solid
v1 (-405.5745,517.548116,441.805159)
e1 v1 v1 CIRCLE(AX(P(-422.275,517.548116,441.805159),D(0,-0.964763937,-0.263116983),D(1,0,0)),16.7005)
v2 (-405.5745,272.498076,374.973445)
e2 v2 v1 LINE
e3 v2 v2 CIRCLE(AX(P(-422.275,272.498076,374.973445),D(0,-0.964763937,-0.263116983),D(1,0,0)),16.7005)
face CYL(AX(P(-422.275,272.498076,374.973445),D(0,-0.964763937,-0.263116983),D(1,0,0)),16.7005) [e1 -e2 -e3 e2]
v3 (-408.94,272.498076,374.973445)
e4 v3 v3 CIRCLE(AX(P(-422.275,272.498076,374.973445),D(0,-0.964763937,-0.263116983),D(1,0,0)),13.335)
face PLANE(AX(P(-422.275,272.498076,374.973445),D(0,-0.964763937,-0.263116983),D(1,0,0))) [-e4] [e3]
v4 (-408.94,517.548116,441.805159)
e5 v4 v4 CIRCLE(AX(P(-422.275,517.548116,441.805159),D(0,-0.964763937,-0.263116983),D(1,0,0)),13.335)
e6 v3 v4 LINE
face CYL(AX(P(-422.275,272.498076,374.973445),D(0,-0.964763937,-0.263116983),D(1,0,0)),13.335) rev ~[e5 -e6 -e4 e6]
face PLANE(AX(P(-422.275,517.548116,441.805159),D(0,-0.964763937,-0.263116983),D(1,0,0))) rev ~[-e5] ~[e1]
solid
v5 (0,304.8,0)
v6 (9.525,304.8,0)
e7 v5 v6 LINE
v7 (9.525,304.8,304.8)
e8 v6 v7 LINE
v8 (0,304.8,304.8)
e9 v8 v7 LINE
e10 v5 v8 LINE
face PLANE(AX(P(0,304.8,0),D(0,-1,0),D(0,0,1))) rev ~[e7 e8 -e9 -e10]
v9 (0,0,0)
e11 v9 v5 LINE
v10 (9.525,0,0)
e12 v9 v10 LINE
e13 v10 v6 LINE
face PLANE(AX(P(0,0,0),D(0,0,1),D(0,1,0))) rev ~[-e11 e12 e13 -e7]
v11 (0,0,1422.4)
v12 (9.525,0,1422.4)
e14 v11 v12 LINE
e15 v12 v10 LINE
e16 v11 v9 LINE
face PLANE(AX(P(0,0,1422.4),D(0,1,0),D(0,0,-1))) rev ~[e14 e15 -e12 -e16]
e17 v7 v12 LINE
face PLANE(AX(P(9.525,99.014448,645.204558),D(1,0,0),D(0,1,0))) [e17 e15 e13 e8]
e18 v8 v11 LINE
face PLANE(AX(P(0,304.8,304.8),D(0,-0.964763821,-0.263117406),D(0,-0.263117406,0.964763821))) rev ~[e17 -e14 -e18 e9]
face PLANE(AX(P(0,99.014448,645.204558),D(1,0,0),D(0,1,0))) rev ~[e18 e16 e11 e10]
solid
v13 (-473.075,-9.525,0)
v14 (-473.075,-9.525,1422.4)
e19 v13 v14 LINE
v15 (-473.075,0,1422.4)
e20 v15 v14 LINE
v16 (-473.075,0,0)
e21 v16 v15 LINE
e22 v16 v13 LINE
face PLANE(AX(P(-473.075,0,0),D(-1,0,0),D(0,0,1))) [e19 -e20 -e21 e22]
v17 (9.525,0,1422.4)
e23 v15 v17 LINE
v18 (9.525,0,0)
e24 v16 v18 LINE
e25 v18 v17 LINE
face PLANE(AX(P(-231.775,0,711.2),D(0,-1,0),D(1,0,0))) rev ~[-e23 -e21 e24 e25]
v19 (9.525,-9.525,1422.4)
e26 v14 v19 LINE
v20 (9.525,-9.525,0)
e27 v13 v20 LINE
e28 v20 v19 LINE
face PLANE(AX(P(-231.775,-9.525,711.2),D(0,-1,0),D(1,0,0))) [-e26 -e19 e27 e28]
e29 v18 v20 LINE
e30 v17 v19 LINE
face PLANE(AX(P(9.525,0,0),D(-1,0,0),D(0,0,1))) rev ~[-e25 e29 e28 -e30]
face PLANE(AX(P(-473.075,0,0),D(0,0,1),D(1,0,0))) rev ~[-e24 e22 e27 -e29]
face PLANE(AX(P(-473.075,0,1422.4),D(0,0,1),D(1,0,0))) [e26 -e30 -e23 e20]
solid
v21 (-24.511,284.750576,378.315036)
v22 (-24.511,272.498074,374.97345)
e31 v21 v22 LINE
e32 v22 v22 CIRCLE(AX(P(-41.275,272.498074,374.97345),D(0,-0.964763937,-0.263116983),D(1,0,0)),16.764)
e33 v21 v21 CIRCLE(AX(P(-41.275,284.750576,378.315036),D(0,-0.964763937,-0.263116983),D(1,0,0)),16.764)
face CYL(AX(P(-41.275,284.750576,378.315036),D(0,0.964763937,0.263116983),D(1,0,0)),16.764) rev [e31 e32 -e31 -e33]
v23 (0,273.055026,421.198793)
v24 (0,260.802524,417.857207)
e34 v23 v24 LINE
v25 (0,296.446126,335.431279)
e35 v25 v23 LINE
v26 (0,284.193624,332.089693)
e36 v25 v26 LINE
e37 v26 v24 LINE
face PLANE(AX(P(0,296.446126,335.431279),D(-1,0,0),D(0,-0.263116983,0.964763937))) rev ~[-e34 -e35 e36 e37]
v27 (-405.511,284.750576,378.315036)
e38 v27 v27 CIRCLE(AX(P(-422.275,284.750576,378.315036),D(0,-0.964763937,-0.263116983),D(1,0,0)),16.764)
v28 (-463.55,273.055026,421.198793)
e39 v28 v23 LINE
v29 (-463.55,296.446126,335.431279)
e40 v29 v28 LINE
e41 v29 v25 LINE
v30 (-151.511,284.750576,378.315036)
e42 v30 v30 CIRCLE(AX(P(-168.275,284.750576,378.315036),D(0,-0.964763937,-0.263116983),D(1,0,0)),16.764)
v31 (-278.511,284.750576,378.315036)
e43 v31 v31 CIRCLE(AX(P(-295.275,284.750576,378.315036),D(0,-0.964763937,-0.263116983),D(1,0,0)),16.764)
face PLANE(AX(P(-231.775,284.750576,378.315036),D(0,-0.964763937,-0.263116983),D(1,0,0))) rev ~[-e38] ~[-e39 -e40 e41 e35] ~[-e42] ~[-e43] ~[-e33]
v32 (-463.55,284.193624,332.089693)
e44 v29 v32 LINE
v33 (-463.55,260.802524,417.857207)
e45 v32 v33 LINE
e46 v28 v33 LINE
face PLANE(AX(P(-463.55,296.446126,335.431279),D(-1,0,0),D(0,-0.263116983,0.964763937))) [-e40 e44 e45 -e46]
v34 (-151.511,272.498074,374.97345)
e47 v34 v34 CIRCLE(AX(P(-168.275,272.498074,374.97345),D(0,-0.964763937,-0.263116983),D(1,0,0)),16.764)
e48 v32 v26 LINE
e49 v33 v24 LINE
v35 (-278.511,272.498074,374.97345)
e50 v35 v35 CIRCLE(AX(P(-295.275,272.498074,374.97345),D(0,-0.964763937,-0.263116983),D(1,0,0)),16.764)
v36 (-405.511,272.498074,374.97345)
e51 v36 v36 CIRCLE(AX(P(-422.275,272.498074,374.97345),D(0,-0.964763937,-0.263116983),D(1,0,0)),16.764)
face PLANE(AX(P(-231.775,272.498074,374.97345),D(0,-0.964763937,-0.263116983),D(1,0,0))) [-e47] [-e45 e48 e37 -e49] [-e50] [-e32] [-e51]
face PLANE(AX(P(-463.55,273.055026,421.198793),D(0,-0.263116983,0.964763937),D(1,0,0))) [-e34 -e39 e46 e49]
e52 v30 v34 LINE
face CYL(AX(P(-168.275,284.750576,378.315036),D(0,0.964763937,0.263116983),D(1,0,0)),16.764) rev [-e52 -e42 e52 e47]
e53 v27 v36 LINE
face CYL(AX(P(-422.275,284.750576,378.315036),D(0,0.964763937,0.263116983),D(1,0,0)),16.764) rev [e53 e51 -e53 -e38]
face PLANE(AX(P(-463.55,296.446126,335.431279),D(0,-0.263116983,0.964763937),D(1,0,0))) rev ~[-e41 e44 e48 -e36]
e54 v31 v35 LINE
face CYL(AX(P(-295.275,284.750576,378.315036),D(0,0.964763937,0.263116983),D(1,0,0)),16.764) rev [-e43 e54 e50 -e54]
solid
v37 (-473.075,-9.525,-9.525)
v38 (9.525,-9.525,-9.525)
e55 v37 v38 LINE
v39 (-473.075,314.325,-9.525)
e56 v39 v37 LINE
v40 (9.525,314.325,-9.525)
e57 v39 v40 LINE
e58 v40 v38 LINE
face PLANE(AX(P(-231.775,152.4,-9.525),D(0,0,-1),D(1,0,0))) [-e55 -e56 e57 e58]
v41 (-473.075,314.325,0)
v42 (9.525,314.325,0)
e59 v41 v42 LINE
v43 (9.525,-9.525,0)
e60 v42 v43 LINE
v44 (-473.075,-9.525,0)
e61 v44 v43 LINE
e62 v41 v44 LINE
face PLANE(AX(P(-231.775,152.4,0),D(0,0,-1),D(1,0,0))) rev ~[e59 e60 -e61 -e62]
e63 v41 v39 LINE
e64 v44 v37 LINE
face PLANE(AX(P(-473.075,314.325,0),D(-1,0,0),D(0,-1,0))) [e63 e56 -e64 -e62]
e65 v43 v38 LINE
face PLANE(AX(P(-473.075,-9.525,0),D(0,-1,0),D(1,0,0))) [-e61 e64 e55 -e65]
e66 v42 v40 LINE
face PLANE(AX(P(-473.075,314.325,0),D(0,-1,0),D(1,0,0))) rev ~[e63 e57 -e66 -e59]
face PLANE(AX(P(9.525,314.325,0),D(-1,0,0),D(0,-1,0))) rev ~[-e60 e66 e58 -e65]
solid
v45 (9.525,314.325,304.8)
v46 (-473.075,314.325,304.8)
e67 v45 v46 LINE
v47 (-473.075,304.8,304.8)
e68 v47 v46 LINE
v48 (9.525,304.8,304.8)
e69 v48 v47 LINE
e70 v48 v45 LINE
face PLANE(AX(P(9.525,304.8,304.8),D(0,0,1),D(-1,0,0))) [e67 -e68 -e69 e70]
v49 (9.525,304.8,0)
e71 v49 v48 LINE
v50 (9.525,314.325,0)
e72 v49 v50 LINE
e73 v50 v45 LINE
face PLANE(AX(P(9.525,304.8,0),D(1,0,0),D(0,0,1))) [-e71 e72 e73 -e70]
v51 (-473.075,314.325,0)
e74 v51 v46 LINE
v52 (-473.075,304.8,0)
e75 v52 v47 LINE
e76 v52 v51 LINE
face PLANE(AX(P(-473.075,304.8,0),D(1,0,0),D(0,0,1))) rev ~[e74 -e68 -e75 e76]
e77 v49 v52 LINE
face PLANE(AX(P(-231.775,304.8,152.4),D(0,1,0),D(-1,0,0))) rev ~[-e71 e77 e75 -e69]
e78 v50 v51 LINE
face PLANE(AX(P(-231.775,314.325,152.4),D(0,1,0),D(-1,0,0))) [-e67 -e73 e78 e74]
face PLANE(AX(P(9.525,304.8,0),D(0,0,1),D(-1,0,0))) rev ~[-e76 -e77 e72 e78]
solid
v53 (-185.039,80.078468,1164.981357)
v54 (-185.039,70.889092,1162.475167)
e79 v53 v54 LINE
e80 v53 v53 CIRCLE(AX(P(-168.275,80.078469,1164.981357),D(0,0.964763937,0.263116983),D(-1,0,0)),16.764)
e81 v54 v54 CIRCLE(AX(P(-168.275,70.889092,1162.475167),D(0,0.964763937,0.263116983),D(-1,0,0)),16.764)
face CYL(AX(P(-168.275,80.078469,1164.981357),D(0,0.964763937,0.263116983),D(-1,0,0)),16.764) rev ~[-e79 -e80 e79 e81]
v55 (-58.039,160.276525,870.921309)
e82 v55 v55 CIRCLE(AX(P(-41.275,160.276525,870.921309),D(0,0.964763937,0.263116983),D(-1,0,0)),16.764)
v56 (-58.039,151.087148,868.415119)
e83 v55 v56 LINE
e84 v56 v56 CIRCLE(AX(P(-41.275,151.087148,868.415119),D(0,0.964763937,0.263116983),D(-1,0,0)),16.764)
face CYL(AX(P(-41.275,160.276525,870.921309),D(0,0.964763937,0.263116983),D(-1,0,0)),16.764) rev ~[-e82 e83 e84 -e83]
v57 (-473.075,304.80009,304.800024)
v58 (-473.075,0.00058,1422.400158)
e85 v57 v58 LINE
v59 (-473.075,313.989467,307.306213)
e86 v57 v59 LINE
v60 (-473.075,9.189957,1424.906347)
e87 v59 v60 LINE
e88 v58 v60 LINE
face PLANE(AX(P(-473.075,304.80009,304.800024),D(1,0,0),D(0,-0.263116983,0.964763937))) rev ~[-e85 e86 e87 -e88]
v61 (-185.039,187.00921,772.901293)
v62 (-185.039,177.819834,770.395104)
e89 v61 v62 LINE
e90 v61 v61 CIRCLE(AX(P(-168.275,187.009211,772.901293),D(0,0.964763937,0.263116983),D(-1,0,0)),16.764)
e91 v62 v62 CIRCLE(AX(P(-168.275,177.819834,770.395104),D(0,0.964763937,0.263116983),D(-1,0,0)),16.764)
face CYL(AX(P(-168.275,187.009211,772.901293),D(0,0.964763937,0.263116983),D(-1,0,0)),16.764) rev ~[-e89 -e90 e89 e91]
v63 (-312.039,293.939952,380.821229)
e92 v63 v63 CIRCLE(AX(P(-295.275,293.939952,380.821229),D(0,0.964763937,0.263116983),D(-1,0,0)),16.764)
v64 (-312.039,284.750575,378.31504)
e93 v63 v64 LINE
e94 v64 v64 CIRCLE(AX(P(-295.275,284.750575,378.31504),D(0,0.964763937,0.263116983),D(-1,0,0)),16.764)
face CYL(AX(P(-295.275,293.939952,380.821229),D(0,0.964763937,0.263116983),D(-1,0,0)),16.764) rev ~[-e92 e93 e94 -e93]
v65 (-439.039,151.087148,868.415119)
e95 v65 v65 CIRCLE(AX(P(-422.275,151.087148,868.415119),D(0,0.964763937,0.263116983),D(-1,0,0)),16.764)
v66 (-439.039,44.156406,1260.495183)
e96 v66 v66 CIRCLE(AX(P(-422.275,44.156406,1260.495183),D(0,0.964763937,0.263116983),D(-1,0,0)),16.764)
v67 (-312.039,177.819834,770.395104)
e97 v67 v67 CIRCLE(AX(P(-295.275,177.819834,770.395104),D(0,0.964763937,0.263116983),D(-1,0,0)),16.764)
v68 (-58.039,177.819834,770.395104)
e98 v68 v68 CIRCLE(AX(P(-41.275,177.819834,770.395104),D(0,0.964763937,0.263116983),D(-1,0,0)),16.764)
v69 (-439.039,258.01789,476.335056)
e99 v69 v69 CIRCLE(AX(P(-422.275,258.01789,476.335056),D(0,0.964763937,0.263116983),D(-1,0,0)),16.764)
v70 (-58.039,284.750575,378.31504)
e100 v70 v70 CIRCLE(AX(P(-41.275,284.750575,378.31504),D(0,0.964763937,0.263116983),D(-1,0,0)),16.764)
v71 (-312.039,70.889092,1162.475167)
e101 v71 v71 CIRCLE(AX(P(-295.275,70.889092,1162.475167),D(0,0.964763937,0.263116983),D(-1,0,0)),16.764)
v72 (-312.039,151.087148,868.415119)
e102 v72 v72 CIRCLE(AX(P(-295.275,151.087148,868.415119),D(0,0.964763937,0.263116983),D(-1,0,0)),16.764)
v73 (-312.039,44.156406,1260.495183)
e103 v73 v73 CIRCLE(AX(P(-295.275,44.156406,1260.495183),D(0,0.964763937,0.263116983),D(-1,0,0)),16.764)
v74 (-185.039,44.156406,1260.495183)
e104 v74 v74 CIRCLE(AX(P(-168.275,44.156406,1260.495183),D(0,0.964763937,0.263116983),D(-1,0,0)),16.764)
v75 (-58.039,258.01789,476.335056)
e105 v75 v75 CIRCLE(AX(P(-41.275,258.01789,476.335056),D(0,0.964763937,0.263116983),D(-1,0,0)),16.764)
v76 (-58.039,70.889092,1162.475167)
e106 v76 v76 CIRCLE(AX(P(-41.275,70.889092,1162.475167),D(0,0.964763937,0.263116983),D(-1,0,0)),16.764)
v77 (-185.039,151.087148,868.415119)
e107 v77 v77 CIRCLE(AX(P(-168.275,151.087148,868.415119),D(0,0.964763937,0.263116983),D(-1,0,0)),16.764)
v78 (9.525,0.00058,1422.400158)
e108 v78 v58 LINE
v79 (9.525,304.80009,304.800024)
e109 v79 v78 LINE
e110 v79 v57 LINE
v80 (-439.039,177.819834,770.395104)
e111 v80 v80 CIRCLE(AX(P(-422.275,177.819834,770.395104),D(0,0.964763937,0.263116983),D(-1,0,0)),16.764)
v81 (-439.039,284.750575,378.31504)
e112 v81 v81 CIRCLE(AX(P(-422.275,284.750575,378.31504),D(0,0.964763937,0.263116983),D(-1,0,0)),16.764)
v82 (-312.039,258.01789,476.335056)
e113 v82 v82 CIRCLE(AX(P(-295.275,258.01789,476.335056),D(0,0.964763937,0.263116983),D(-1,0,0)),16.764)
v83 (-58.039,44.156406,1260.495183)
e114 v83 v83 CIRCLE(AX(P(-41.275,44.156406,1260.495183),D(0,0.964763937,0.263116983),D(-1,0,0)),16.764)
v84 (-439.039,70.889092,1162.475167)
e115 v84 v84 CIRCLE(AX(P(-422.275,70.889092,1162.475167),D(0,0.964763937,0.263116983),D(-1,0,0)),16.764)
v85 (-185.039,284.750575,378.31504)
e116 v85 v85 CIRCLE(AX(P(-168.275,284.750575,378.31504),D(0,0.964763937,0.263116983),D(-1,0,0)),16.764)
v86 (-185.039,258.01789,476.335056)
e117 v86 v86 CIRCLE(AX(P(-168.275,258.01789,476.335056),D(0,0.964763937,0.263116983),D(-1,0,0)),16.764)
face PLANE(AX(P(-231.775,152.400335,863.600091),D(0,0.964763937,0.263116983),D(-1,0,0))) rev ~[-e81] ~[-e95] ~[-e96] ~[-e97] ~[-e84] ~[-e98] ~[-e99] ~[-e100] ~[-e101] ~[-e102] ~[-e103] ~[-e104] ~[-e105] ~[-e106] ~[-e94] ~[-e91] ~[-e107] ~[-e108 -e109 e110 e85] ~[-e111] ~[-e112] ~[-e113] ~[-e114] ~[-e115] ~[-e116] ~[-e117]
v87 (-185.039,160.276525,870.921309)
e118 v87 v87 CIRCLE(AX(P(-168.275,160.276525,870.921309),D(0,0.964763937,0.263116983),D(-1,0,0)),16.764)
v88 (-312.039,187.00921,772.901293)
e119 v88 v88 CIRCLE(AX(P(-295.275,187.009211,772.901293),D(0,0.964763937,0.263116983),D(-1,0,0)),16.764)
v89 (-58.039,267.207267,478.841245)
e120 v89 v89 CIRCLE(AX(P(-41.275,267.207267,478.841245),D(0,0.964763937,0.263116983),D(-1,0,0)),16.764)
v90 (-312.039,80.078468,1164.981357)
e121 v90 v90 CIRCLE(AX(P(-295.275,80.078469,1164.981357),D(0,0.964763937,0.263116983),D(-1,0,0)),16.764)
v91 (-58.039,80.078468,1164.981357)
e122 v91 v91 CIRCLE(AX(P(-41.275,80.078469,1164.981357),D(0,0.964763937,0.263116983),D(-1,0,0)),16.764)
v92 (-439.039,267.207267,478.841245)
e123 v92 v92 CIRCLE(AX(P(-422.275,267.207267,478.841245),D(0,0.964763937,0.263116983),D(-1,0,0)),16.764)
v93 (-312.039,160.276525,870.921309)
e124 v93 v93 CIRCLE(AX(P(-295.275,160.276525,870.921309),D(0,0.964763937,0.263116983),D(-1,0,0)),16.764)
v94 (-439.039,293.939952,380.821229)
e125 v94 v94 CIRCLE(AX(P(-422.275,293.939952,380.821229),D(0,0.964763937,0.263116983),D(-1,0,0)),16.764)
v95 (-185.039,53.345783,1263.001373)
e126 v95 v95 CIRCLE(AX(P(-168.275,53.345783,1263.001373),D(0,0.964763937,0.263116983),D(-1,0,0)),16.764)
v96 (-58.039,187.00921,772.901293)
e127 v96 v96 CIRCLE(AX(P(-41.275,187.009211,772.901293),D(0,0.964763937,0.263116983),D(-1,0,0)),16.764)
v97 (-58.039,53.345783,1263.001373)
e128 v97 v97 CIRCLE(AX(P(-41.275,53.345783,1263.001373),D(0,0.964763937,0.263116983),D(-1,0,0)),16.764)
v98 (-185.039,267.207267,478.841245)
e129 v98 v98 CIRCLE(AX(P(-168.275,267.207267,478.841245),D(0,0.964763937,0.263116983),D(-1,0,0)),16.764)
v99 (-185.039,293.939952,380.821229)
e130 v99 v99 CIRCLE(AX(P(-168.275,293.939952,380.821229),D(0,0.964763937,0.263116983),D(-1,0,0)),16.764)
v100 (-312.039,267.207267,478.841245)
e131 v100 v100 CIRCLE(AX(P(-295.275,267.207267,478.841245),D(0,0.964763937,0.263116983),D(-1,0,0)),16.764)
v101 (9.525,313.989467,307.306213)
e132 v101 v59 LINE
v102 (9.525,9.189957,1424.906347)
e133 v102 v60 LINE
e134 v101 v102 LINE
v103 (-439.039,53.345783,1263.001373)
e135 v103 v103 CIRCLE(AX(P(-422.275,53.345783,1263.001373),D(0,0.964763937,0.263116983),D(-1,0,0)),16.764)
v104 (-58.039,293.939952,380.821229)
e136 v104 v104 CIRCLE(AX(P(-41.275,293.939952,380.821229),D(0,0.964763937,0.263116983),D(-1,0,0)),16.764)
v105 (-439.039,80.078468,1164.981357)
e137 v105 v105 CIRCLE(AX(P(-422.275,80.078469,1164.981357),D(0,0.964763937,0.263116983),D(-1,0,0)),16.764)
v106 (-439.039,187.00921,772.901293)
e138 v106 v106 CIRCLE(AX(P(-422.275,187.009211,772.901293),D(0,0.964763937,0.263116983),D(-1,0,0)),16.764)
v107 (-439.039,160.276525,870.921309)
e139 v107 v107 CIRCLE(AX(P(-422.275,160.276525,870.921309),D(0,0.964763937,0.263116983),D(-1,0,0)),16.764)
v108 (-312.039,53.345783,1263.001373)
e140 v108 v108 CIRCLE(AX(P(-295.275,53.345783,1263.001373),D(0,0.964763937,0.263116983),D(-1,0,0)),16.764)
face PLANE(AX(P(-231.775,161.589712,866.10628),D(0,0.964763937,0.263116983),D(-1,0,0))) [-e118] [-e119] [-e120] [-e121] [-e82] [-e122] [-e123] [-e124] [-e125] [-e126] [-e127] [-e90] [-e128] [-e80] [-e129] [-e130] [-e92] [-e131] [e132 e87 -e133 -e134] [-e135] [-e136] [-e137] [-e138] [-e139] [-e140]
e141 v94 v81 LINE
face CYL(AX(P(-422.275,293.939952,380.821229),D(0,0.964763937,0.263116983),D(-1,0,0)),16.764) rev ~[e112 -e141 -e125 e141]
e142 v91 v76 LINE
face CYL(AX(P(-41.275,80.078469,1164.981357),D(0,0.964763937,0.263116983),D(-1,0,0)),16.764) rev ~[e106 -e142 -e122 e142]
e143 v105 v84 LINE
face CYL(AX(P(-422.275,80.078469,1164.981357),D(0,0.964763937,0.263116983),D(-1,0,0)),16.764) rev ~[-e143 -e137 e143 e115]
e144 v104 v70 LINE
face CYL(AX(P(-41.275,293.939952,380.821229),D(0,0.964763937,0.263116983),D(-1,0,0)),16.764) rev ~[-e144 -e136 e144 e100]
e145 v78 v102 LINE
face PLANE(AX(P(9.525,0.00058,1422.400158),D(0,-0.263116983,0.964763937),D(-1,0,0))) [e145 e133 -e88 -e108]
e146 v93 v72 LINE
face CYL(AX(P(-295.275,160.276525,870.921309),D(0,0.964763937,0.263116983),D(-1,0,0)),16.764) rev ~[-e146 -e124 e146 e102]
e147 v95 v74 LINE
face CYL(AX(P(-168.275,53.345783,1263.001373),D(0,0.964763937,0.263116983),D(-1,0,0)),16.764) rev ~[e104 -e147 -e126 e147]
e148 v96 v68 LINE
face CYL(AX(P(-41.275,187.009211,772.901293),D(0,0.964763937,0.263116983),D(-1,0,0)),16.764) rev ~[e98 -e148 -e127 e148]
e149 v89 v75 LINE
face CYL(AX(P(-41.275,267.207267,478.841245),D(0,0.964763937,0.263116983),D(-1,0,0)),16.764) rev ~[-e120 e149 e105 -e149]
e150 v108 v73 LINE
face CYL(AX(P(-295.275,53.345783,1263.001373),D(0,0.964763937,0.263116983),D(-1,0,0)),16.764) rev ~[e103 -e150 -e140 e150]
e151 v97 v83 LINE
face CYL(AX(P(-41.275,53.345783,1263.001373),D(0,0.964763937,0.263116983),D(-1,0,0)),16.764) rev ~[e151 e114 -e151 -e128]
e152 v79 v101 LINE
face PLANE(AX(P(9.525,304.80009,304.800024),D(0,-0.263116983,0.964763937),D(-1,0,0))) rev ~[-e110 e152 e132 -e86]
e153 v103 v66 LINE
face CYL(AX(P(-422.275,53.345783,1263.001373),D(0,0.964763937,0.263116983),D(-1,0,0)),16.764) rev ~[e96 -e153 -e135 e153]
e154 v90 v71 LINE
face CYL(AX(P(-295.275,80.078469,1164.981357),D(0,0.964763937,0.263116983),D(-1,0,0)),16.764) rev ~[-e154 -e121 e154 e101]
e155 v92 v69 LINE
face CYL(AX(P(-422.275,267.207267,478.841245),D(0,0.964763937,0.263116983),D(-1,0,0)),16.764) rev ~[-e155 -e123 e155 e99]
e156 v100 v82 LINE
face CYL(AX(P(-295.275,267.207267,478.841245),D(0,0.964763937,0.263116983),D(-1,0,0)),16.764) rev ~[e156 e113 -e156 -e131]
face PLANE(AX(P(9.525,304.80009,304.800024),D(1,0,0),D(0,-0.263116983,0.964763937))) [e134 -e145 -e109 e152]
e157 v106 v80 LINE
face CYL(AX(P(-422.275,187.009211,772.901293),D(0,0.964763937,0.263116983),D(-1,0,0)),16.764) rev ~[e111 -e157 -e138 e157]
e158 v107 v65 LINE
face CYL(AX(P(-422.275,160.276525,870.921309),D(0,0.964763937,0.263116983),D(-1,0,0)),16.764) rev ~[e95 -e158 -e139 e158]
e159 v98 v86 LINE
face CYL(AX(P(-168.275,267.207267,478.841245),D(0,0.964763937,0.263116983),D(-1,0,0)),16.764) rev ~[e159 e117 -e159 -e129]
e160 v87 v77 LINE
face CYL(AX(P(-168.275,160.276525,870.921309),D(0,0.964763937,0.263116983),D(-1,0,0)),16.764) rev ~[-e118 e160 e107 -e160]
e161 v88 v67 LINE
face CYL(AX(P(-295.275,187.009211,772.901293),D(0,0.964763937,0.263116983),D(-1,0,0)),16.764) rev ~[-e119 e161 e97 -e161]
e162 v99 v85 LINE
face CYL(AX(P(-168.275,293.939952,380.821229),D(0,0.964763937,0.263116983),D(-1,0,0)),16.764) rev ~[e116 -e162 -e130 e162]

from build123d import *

# Parameters (mm, degrees)
F1_DEPTH  = 9.525
F2_W      = 482.6
F2_H      = 304.8
F3_DEPTH  = 9.525
F4_W      = 482.6
F4_H      = 1158.418232
F5_DEPTH  = 9.525
F6_W      = 482.6
F6_H      = 1422.4
F7_DEPTH  = 9.525
F8_W      = 482.6
F8_H      = 323.85
F9_DEPTH  = 9.525
F10_R     = 16.764
F11_DEPTH = 12.7
F12_W     = 463.55
F12_H     = 88.9
F12_R     = 16.764
F13_DEPTH = 12.7
F14_R     = 16.7005
F14_R_2   = 13.335
F15_DEPTH = 254


with BuildPart() as f1:
    # F0 (on Right) → F1 (new body)
    with BuildSketch(Plane.YZ):
        Polygon((0, 1422.4), (0, 0), (304.8, 0), (304.8, 304.8), align=None)
    extrude(amount=F1_DEPTH)


with BuildPart() as f3:
    # F2 (on face) → F3 (new body)
    with BuildSketch(Plane(origin=(0, 304.8, 0), x_dir=(-1, 0, 0), z_dir=(0, 1, 0))):
        with Locations((231.775, 152.4)):
            Rectangle(F2_W, F2_H)
    extrude(amount=F3_DEPTH)


with BuildPart() as f5:
    # F4 (on face) → F5 (new body)
    with BuildSketch(Plane(origin=(0, 361.070769, 98.473846), x_dir=(-1, 0, 0), z_dir=(0, 0.964764, 0.263117))):
        with Locations((231.775, 793.070943)):
            Rectangle(F4_W, F4_H)
    extrude(amount=F5_DEPTH)

    # F10 (on face) → F11 (cut)
    with BuildSketch(Plane(origin=(0, 370.260145, 100.980039), x_dir=(-1, 0, 0), z_dir=(0, 0.964764, 0.263117))):
        with Locations((41.275, 290.061827)):
            Circle(F10_R)
        with Locations((41.275, 391.661827)):
            Circle(F10_R)
        with Locations((168.275, 290.061827)):
            Circle(F10_R)
        with Locations((168.275, 391.661827)):
            Circle(F10_R)
        with Locations((295.275, 290.061827)):
            Circle(F10_R)
        with Locations((295.275, 391.661827)):
            Circle(F10_R)
        with Locations((422.275, 290.061827)):
            Circle(F10_R)
        with Locations((422.275, 391.661827)):
            Circle(F10_R)
        with Locations((422.275, 696.461827)):
            Circle(F10_R)
        with Locations((422.275, 798.061827)):
            Circle(F10_R)
        with Locations((168.275, 696.461827)):
            Circle(F10_R)
        with Locations((168.275, 798.061827)):
            Circle(F10_R)
        with Locations((295.275, 696.461827)):
            Circle(F10_R)
        with Locations((41.275, 798.061827)):
            Circle(F10_R)
        with Locations((41.275, 696.461827)):
            Circle(F10_R)
        with Locations((295.275, 798.061827)):
            Circle(F10_R)
        with Locations((422.275, 1102.861827)):
            Circle(F10_R)
        with Locations((422.275, 1204.461827)):
            Circle(F10_R)
        with Locations((168.275, 1102.861827)):
            Circle(F10_R)
        with Locations((168.275, 1204.461827)):
            Circle(F10_R)
        with Locations((295.275, 1102.861827)):
            Circle(F10_R)
        with Locations((41.275, 1204.461827)):
            Circle(F10_R)
        with Locations((41.275, 1102.861827)):
            Circle(F10_R)
        with Locations((295.275, 1204.461827)):
            Circle(F10_R)
        with Locations((422.275, 1509.261827)):
            Circle(F10_R)
        with Locations((422.275, 1610.861827)):
            Circle(F10_R)
        with Locations((168.275, 1509.261827)):
            Circle(F10_R)
        with Locations((168.275, 1610.861827)):
            Circle(F10_R)
        with Locations((295.275, 1509.261827)):
            Circle(F10_R)
        with Locations((41.275, 1610.861827)):
            Circle(F10_R)
        with Locations((41.275, 1509.261827)):
            Circle(F10_R)
        with Locations((295.275, 1610.861827)):
            Circle(F10_R)
    extrude(amount=-F11_DEPTH, mode=Mode.SUBTRACT)


with BuildPart() as f7:
    # F6 (on face) → F7 (new body)
    with BuildSketch(Plane.XZ):
        with Locations((-231.775, 711.2)):
            Rectangle(F6_W, F6_H)
    extrude(amount=F7_DEPTH)


with BuildPart() as f9:
    # F8 (on face) → F9 (new body)
    with BuildSketch(Plane(origin=(0, 0, 0), x_dir=(1, 0, 0), z_dir=(0, 0, -1))):
        with Locations((-231.775, -152.4)):
            Rectangle(F8_W, F8_H)
    extrude(amount=F9_DEPTH)


with BuildPart() as f13:
    # F12 (on face) → F13 (new body)
    with BuildSketch(Plane(origin=(0, 361.070769, 98.473846), x_dir=(1, 0, 0), z_dir=(0, -0.964764, -0.263117))):
        with Locations((-231.775, 290.061827)):
            Rectangle(F12_W, F12_H)
        with Locations((-422.275, 290.061827)):
            Circle(F12_R, mode=Mode.SUBTRACT)
        with Locations((-295.275, 290.061827)):
            Circle(F12_R, mode=Mode.SUBTRACT)
        with Locations((-168.275, 290.061827)):
            Circle(F12_R, mode=Mode.SUBTRACT)
        with Locations((-41.275, 290.061827)):
            Circle(F12_R, mode=Mode.SUBTRACT)
    extrude(amount=F13_DEPTH)


with BuildPart() as f15:
    # F14 (on face) → F15 (new body)
    with BuildSketch(Plane(origin=(0, 348.818269, 95.132255), x_dir=(1, 0, 0), z_dir=(0, -0.964764, -0.263117))):
        with Locations((-422.275, 290.061827)):
            Circle(F14_R)
        with Locations((-422.275, 290.061827)):
            Circle(F14_R_2, mode=Mode.SUBTRACT)
    extrude(amount=-F15_DEPTH)


solid = Compound([f1.part, f3.part, f5.part, f7.part, f9.part, f13.part, f15.part])
